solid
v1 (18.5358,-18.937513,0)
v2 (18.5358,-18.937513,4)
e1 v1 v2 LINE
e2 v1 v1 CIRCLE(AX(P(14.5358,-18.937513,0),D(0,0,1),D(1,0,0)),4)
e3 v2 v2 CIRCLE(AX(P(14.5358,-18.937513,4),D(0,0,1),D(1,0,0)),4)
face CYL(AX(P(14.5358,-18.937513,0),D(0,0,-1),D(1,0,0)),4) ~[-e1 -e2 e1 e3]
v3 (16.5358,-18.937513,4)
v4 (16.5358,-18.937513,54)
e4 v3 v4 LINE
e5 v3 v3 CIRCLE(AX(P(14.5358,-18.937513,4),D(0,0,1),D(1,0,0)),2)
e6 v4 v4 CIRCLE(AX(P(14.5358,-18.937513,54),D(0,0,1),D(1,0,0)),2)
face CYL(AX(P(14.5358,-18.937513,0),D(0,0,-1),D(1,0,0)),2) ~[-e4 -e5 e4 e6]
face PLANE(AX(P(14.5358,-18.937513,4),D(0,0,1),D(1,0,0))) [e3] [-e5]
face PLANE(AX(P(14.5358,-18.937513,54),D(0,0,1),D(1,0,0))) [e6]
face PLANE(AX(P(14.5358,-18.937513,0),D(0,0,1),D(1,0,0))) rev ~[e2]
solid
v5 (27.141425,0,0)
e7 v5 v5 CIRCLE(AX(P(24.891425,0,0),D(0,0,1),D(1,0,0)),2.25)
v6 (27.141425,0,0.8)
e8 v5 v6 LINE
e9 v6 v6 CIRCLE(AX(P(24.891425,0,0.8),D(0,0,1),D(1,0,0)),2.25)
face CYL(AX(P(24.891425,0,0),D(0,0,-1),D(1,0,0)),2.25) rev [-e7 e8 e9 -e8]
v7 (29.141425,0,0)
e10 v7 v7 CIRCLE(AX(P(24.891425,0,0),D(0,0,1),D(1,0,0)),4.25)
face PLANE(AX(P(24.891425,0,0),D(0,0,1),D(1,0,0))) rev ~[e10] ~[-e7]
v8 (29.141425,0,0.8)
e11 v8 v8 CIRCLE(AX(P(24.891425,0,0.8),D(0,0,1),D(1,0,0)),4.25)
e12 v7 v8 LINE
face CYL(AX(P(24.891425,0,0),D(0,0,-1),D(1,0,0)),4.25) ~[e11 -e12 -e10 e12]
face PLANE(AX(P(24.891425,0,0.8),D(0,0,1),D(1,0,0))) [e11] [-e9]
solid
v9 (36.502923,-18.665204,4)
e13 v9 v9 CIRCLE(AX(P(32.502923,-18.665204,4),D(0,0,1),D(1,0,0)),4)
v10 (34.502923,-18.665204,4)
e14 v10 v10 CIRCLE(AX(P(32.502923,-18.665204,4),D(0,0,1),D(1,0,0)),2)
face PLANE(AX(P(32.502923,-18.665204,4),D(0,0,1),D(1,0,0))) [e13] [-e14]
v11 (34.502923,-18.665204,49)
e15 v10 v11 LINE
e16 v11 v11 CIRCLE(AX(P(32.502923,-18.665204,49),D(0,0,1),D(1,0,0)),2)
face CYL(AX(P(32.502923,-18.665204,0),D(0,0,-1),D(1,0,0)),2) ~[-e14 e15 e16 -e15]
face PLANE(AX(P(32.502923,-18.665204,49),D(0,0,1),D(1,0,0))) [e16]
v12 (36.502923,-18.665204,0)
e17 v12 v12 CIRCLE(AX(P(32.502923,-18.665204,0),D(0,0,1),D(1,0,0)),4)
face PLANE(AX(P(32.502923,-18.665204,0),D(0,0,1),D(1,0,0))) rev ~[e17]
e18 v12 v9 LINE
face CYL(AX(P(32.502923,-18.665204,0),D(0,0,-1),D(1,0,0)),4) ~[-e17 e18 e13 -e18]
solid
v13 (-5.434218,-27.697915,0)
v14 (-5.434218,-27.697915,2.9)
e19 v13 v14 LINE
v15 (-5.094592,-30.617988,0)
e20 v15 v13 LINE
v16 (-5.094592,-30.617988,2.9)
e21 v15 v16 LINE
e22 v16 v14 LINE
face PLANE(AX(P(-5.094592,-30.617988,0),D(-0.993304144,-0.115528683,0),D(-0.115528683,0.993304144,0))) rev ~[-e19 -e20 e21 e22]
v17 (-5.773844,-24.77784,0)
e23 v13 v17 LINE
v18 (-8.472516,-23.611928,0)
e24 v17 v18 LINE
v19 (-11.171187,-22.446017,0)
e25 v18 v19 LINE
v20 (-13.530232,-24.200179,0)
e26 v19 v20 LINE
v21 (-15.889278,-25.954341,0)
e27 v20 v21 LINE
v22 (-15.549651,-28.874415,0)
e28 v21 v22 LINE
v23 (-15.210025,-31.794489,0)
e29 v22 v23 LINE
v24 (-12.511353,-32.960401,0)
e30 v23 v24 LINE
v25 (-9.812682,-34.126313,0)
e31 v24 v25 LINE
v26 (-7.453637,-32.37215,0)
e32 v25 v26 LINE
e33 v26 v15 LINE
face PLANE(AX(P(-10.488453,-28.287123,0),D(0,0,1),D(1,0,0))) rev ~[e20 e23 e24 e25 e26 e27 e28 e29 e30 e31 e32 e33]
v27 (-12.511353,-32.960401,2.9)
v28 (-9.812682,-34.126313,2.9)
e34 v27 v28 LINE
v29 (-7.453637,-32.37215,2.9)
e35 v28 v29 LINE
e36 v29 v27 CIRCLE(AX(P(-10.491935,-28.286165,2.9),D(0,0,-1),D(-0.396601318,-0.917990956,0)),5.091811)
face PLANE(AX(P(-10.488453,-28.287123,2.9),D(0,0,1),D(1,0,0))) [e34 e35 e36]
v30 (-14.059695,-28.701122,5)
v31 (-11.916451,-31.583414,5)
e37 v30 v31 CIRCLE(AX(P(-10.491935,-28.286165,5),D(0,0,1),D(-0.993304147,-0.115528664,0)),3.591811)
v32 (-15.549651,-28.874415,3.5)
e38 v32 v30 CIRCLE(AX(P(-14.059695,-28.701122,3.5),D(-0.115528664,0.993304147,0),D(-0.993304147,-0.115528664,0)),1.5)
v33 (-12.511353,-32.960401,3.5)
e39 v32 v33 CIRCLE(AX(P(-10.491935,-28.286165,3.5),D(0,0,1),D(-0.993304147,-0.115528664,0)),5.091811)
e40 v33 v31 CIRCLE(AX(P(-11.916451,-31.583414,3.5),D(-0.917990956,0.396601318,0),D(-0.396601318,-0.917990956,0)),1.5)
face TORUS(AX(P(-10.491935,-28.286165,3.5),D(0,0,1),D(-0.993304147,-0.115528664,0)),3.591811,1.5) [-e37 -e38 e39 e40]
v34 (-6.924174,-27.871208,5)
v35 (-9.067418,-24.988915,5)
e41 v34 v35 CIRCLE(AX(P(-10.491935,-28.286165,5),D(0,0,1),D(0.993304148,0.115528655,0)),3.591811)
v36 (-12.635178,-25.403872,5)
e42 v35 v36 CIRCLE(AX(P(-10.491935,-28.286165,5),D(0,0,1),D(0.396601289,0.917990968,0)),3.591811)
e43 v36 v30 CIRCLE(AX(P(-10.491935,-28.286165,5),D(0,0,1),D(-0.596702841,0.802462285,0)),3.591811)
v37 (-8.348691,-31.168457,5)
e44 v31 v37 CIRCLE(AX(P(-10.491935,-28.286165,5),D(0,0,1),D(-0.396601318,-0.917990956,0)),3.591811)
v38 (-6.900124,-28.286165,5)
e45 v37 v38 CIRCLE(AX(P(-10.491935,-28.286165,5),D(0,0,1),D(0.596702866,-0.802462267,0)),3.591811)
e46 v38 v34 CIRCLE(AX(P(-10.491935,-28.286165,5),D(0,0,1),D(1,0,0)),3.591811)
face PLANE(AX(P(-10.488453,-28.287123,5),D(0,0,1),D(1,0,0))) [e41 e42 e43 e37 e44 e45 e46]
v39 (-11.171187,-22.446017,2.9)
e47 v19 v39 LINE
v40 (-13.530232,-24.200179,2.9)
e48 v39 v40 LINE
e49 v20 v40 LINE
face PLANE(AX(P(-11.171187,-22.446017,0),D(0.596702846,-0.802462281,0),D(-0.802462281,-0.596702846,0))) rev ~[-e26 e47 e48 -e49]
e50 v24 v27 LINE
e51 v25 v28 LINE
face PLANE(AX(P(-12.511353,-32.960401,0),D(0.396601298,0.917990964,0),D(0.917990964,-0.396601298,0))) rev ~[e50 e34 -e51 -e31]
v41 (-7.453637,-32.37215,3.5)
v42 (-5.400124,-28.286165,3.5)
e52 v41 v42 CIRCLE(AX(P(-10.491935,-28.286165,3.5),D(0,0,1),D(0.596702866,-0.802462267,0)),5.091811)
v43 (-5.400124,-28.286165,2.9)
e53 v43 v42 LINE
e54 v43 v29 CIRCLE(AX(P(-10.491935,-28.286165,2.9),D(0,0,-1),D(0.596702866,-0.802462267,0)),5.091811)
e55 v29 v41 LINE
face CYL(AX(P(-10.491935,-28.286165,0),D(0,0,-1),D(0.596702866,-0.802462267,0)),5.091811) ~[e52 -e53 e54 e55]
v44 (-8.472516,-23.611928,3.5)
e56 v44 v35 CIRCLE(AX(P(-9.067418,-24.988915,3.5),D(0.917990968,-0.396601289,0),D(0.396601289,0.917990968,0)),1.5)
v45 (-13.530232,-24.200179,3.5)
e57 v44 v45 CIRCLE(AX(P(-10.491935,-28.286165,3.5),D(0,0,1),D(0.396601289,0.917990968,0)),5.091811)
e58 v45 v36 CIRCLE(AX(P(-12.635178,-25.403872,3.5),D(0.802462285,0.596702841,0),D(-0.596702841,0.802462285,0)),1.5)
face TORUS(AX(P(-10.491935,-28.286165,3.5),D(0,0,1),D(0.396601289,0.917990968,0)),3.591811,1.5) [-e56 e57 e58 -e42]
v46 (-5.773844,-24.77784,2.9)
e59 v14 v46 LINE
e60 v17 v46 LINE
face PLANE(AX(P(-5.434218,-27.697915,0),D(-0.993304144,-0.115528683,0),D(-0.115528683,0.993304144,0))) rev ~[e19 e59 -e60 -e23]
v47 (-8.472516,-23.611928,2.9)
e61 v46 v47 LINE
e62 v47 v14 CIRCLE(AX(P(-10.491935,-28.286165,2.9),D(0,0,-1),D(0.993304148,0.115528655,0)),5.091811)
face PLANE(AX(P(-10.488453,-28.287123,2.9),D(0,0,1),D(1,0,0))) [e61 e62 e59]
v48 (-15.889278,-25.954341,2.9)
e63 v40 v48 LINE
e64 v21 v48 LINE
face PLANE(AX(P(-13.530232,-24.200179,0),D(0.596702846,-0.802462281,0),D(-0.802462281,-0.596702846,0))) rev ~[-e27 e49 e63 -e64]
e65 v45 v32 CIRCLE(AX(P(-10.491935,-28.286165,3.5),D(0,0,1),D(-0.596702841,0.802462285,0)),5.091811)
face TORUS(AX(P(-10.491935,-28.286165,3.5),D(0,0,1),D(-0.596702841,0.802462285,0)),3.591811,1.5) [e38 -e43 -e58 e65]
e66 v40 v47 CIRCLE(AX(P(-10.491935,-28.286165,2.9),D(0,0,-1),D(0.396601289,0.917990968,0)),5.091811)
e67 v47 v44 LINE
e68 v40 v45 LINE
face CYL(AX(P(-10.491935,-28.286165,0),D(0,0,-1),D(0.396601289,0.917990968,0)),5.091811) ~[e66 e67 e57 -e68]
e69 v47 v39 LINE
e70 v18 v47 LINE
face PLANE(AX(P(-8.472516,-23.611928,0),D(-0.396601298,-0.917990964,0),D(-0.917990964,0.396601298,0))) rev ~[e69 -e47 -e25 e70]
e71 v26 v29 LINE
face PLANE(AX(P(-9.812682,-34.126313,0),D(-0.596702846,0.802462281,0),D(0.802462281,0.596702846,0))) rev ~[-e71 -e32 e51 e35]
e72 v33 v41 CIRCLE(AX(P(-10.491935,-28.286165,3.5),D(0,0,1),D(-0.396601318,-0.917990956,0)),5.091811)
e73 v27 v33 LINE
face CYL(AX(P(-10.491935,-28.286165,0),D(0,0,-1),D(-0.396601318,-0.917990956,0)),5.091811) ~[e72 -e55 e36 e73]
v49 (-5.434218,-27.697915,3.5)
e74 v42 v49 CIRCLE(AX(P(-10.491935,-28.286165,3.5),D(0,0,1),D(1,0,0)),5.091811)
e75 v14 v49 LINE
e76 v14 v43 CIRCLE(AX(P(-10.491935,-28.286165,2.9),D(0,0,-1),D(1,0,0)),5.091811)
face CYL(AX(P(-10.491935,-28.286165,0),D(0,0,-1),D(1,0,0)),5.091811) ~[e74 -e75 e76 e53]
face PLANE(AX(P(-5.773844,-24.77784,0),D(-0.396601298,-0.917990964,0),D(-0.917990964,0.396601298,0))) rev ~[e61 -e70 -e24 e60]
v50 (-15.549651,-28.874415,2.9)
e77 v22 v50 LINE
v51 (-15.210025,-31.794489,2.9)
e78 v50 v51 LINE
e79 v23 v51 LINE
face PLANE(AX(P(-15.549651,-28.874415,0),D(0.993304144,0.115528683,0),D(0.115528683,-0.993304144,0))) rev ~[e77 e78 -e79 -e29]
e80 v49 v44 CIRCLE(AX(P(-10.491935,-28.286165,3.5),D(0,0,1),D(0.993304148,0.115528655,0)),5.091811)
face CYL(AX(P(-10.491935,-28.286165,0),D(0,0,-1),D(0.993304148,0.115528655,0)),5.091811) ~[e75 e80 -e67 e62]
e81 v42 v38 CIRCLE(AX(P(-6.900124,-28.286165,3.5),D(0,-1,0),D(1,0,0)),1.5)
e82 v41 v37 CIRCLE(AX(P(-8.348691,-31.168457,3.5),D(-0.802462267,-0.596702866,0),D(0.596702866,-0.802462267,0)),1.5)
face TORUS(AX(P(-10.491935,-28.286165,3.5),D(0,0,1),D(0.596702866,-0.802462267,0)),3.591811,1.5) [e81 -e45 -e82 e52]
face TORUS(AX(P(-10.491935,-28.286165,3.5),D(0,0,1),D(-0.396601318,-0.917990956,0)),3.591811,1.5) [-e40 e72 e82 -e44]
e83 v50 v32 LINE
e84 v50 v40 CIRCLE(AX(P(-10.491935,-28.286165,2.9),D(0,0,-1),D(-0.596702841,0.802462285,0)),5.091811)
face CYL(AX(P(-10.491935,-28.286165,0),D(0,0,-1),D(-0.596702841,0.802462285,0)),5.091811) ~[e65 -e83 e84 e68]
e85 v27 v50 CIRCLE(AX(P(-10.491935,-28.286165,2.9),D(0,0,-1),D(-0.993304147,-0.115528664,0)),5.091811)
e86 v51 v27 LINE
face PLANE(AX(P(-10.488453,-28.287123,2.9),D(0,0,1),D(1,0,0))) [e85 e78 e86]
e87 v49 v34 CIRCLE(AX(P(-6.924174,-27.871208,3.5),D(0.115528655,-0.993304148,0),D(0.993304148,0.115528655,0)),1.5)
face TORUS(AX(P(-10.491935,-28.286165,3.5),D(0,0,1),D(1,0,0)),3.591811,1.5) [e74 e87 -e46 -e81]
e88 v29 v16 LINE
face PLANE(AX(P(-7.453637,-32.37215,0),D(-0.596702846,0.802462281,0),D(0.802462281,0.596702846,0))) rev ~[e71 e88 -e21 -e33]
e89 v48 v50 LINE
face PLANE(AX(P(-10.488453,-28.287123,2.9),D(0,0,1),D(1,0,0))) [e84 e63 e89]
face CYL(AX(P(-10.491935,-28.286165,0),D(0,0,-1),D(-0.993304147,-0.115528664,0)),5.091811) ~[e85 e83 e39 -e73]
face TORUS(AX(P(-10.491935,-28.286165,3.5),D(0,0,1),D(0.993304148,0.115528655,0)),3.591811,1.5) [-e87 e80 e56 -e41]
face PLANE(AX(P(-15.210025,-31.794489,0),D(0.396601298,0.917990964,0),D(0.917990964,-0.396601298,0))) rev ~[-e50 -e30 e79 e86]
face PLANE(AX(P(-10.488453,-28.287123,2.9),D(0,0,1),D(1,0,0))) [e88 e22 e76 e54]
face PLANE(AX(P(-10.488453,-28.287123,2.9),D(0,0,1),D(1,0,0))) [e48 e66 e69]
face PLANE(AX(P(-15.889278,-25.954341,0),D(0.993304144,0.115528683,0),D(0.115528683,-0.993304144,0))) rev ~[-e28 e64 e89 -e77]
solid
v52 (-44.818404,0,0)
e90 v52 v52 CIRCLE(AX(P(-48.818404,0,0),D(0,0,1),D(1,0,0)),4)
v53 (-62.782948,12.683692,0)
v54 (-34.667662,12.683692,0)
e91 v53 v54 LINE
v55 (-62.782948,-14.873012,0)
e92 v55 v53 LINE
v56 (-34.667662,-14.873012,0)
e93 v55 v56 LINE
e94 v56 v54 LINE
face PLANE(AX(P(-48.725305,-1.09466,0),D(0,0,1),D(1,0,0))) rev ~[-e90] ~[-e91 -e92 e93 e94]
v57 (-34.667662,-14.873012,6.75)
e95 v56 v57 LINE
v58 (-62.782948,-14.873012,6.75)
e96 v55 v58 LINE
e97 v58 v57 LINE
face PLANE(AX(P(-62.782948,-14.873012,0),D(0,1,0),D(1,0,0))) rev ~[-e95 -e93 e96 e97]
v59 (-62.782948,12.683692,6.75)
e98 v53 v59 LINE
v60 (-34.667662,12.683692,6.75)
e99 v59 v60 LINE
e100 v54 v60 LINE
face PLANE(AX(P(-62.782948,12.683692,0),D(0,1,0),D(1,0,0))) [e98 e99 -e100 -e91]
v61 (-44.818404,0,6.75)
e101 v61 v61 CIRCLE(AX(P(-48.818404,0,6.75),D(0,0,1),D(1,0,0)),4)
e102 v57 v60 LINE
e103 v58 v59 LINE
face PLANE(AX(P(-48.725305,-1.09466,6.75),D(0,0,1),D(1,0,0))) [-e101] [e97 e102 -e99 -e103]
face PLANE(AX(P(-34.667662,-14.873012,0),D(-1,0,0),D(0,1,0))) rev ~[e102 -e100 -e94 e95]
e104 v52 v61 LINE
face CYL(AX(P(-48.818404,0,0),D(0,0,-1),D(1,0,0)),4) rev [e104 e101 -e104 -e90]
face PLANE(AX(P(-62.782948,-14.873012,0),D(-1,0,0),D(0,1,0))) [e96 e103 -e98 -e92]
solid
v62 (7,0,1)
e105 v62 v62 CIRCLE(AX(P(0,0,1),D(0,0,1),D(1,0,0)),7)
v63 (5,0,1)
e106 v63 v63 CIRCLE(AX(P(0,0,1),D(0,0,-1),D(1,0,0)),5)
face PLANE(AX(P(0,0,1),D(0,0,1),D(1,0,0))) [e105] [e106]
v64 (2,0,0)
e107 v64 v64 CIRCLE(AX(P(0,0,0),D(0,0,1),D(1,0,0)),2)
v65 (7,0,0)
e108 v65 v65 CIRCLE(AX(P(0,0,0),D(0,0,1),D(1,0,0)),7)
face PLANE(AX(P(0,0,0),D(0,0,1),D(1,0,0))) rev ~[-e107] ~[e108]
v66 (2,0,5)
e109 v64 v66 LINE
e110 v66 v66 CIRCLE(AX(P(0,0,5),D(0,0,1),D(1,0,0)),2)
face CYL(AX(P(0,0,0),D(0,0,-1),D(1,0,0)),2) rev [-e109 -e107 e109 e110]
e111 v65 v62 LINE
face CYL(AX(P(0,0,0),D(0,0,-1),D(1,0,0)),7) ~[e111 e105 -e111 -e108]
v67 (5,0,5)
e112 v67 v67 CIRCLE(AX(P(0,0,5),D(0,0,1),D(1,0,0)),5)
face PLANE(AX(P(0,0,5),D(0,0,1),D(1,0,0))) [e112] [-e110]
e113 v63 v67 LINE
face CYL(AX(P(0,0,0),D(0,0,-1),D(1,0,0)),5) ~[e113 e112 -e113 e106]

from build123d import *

# Parameters (mm, degrees)
F0_R      = 7
F0_R_2    = 5
F0_R_3    = 4
F1_DEPTH  = 1
F0_R_4    = 2
F2_DEPTH  = 5
F3_R      = 4.25
F3_R_2    = 2.25
F4_DEPTH  = 0.8
F5_W      = 28.1152857468
F5_H      = 27.5567038742
F5_R      = 4
F6_DEPTH  = 6.75
F7_R      = 4
F7_R_2    = 2
F8_DEPTH  = 4
F9_DEPTH  = 49
F11_DEPTH = 2.9
F12_DEPTH = 5
F13_R     = 1.5
F14_DEPTH = 4
F15_DEPTH = 54


with BuildPart() as f1:
    # F0 (on Top) → F1 (new body)
    with BuildSketch(Plane.XY):
        Circle(F0_R)
        Circle(F0_R_2, mode=Mode.SUBTRACT)
        Circle(F0_R_2)
        Circle(F0_R_3, mode=Mode.SUBTRACT)
    extrude(amount=F1_DEPTH)

    # F0 (on Top) → F2 (join)
    with BuildSketch(Plane.XY):
        Circle(F0_R_2)
        Circle(F0_R_3, mode=Mode.SUBTRACT)
        Circle(F0_R_3)
        Circle(F0_R_4, mode=Mode.SUBTRACT)
    extrude(amount=F2_DEPTH)


with BuildPart() as f4:
    # F3 (on Top) → F4 (new body)
    with BuildSketch(Plane.XY):
        with Locations((24.8914246002, 0)):
            Circle(F3_R)
        with Locations((24.8914246002, 0)):
            Circle(F3_R_2, mode=Mode.SUBTRACT)
    extrude(amount=F4_DEPTH)


with BuildPart() as f6:
    # F5 (on Top) → F6 (new body)
    with BuildSketch(Plane.XY):
        with Locations((-48.7253048121, -1.0946599618)):
            Rectangle(F5_W, F5_H)
        with Locations((-48.8184041844, 0)):
            Circle(F5_R, mode=Mode.SUBTRACT)
    extrude(amount=F6_DEPTH)


with BuildPart() as f8:
    # F7 (on Top) → F8 (new body)
    with BuildSketch(Plane.XY):
        with Locations((32.5029231608, -18.6652038246)):
            Circle(F7_R)
        with Locations((32.5029231608, -18.6652038246)):
            Circle(F7_R_2, mode=Mode.SUBTRACT)
    extrude(amount=F8_DEPTH)

    # F7 (on Top) → F9 (join)
    with BuildSketch(Plane.XY):
        with Locations((32.5029231608, -18.6652038246)):
            Circle(F7_R_2)
    extrude(amount=F9_DEPTH)


with BuildPart() as f11:
    # F10 (on Top) → F11 (new body)
    with BuildSketch(Plane.XY):
        with BuildLine():
            ThreePointArc((-7.4536366299, -32.3721504943), (-5.9423756755, -30.5726572777), (-5.4001240137, -28.2861646265))
            ThreePointArc((-5.4001240137, -28.2861646265), (-5.4086546626, -27.9915460171), (-5.4342180254, -27.697914596))
            ThreePointArc((-5.4342180254, -27.697914596), (-6.4059486347, -25.2478667892), (-8.4725159624, -23.6119284918))
            ThreePointArc((-8.4725159624, -23.6119284918), (-11.0801847843, -23.2284480643), (-13.5302324506, -24.2001786625))
            ThreePointArc((-13.5302324506, -24.2001786625), (-15.1661706931, -26.2667458763), (-15.5496511793, -28.874414701))
            ThreePointArc((-15.5496511793, -28.874414701), (-14.5779206101, -31.3244624168), (-12.5113533955, -32.9604006972))
            ThreePointArc((-12.5113533955, -32.9604006972), (-9.9036844256, -33.3438811887), (-7.4536366299, -32.3721504943))
        make_face()
        with BuildLine():
            Line((-15.2100247739, -31.7944888162), (-12.5113533955, -32.9604006972))
            ThreePointArc((-12.5113533955, -32.9604006972), (-14.5779206101, -31.3244624168), (-15.5496511793, -28.874414701))
            Line((-15.5496511793, -28.874414701), (-15.2100247739, -31.7944888162))
        make_face()
        with BuildLine():
            Line((-9.8126818164, -34.126312665), (-7.4536366299, -32.3721504943))
            ThreePointArc((-7.4536366299, -32.3721504943), (-9.9036844256, -33.3438811887), (-12.5113533955, -32.9604006972))
            Line((-12.5113533955, -32.9604006972), (-9.8126818164, -34.126312665))
        make_face()
        with BuildLine():
            ThreePointArc((-5.4342180254, -27.697914596), (-5.4086546626, -27.9915460171), (-5.4001240137, -28.2861646265))
            ThreePointArc((-5.4001240137, -28.2861646265), (-5.9423756755, -30.5726572777), (-7.4536366299, -32.3721504943))
            Line((-7.4536366299, -32.3721504943), (-5.0945916475, -30.6179884753))
            Line((-5.0945916475, -30.6179884753), (-5.4342180254, -27.697914596))
        make_face()
        with BuildLine():
            ThreePointArc((-15.5496511793, -28.874414701), (-15.1661706931, -26.2667458763), (-13.5302324506, -24.2001786625))
            Line((-13.5302324506, -24.2001786625), (-15.8892775624, -25.9543407777))
            Line((-15.8892775624, -25.9543407777), (-15.5496511793, -28.874414701))
        make_face()
        with BuildLine():
            ThreePointArc((-8.4725159624, -23.6119284918), (-6.4059486347, -25.2478667892), (-5.4342180254, -27.697914596))
            Line((-5.4342180254, -27.697914596), (-5.773844436, -24.7778404368))
            Line((-5.773844436, -24.7778404368), (-8.4725159624, -23.6119284918))
        make_face()
        with BuildLine():
            ThreePointArc((-13.5302324506, -24.2001786625), (-11.0801847843, -23.2284480643), (-8.4725159624, -23.6119284918))
            Line((-8.4725159624, -23.6119284918), (-11.1711873934, -22.446016588))
            Line((-11.1711873934, -22.446016588), (-13.5302324506, -24.2001786625))
        make_face()
    extrude(amount=F11_DEPTH)

    # F10 (on Top) → F12 (join)
    with BuildSketch(Plane.XY):
        with BuildLine():
            ThreePointArc((-7.4536366299, -32.3721504943), (-5.9423756755, -30.5726572777), (-5.4001240137, -28.2861646265))
            ThreePointArc((-5.4001240137, -28.2861646265), (-5.4086546626, -27.9915460171), (-5.4342180254, -27.697914596))
            ThreePointArc((-5.4342180254, -27.697914596), (-6.4059486347, -25.2478667892), (-8.4725159624, -23.6119284918))
            ThreePointArc((-8.4725159624, -23.6119284918), (-11.0801847843, -23.2284480643), (-13.5302324506, -24.2001786625))
            ThreePointArc((-13.5302324506, -24.2001786625), (-15.1661706931, -26.2667458763), (-15.5496511793, -28.874414701))
            ThreePointArc((-15.5496511793, -28.874414701), (-14.5779206101, -31.3244624168), (-12.5113533955, -32.9604006972))
            ThreePointArc((-12.5113533955, -32.9604006972), (-9.9036844256, -33.3438811887), (-7.4536366299, -32.3721504943))
        make_face()
    extrude(amount=F12_DEPTH)

    # F13
    f13_edges = [f11.edges().sort_by_distance(p)[0] for p in [
        (-5.434218, -27.697915, 5),
    ]]
    fillet(f13_edges, radius=F13_R)


with BuildPart() as f14:
    # F7 (on Top) → F14 (new body)
    with BuildSketch(Plane.XY):
        with Locations((14.5357996225, -18.9375132322)):
            Circle(F7_R)
        with Locations((14.5357996225, -18.9375132322)):
            Circle(F7_R_2, mode=Mode.SUBTRACT)
    extrude(amount=F14_DEPTH)

    # F7 (on Top) → F15 (join)
    with BuildSketch(Plane.XY):
        with Locations((14.5357996225, -18.9375132322)):
            Circle(F7_R_2)
    extrude(amount=F15_DEPTH)


solid = Compound([f1.part, f4.part, f6.part, f8.part, f11.part, f14.part])
